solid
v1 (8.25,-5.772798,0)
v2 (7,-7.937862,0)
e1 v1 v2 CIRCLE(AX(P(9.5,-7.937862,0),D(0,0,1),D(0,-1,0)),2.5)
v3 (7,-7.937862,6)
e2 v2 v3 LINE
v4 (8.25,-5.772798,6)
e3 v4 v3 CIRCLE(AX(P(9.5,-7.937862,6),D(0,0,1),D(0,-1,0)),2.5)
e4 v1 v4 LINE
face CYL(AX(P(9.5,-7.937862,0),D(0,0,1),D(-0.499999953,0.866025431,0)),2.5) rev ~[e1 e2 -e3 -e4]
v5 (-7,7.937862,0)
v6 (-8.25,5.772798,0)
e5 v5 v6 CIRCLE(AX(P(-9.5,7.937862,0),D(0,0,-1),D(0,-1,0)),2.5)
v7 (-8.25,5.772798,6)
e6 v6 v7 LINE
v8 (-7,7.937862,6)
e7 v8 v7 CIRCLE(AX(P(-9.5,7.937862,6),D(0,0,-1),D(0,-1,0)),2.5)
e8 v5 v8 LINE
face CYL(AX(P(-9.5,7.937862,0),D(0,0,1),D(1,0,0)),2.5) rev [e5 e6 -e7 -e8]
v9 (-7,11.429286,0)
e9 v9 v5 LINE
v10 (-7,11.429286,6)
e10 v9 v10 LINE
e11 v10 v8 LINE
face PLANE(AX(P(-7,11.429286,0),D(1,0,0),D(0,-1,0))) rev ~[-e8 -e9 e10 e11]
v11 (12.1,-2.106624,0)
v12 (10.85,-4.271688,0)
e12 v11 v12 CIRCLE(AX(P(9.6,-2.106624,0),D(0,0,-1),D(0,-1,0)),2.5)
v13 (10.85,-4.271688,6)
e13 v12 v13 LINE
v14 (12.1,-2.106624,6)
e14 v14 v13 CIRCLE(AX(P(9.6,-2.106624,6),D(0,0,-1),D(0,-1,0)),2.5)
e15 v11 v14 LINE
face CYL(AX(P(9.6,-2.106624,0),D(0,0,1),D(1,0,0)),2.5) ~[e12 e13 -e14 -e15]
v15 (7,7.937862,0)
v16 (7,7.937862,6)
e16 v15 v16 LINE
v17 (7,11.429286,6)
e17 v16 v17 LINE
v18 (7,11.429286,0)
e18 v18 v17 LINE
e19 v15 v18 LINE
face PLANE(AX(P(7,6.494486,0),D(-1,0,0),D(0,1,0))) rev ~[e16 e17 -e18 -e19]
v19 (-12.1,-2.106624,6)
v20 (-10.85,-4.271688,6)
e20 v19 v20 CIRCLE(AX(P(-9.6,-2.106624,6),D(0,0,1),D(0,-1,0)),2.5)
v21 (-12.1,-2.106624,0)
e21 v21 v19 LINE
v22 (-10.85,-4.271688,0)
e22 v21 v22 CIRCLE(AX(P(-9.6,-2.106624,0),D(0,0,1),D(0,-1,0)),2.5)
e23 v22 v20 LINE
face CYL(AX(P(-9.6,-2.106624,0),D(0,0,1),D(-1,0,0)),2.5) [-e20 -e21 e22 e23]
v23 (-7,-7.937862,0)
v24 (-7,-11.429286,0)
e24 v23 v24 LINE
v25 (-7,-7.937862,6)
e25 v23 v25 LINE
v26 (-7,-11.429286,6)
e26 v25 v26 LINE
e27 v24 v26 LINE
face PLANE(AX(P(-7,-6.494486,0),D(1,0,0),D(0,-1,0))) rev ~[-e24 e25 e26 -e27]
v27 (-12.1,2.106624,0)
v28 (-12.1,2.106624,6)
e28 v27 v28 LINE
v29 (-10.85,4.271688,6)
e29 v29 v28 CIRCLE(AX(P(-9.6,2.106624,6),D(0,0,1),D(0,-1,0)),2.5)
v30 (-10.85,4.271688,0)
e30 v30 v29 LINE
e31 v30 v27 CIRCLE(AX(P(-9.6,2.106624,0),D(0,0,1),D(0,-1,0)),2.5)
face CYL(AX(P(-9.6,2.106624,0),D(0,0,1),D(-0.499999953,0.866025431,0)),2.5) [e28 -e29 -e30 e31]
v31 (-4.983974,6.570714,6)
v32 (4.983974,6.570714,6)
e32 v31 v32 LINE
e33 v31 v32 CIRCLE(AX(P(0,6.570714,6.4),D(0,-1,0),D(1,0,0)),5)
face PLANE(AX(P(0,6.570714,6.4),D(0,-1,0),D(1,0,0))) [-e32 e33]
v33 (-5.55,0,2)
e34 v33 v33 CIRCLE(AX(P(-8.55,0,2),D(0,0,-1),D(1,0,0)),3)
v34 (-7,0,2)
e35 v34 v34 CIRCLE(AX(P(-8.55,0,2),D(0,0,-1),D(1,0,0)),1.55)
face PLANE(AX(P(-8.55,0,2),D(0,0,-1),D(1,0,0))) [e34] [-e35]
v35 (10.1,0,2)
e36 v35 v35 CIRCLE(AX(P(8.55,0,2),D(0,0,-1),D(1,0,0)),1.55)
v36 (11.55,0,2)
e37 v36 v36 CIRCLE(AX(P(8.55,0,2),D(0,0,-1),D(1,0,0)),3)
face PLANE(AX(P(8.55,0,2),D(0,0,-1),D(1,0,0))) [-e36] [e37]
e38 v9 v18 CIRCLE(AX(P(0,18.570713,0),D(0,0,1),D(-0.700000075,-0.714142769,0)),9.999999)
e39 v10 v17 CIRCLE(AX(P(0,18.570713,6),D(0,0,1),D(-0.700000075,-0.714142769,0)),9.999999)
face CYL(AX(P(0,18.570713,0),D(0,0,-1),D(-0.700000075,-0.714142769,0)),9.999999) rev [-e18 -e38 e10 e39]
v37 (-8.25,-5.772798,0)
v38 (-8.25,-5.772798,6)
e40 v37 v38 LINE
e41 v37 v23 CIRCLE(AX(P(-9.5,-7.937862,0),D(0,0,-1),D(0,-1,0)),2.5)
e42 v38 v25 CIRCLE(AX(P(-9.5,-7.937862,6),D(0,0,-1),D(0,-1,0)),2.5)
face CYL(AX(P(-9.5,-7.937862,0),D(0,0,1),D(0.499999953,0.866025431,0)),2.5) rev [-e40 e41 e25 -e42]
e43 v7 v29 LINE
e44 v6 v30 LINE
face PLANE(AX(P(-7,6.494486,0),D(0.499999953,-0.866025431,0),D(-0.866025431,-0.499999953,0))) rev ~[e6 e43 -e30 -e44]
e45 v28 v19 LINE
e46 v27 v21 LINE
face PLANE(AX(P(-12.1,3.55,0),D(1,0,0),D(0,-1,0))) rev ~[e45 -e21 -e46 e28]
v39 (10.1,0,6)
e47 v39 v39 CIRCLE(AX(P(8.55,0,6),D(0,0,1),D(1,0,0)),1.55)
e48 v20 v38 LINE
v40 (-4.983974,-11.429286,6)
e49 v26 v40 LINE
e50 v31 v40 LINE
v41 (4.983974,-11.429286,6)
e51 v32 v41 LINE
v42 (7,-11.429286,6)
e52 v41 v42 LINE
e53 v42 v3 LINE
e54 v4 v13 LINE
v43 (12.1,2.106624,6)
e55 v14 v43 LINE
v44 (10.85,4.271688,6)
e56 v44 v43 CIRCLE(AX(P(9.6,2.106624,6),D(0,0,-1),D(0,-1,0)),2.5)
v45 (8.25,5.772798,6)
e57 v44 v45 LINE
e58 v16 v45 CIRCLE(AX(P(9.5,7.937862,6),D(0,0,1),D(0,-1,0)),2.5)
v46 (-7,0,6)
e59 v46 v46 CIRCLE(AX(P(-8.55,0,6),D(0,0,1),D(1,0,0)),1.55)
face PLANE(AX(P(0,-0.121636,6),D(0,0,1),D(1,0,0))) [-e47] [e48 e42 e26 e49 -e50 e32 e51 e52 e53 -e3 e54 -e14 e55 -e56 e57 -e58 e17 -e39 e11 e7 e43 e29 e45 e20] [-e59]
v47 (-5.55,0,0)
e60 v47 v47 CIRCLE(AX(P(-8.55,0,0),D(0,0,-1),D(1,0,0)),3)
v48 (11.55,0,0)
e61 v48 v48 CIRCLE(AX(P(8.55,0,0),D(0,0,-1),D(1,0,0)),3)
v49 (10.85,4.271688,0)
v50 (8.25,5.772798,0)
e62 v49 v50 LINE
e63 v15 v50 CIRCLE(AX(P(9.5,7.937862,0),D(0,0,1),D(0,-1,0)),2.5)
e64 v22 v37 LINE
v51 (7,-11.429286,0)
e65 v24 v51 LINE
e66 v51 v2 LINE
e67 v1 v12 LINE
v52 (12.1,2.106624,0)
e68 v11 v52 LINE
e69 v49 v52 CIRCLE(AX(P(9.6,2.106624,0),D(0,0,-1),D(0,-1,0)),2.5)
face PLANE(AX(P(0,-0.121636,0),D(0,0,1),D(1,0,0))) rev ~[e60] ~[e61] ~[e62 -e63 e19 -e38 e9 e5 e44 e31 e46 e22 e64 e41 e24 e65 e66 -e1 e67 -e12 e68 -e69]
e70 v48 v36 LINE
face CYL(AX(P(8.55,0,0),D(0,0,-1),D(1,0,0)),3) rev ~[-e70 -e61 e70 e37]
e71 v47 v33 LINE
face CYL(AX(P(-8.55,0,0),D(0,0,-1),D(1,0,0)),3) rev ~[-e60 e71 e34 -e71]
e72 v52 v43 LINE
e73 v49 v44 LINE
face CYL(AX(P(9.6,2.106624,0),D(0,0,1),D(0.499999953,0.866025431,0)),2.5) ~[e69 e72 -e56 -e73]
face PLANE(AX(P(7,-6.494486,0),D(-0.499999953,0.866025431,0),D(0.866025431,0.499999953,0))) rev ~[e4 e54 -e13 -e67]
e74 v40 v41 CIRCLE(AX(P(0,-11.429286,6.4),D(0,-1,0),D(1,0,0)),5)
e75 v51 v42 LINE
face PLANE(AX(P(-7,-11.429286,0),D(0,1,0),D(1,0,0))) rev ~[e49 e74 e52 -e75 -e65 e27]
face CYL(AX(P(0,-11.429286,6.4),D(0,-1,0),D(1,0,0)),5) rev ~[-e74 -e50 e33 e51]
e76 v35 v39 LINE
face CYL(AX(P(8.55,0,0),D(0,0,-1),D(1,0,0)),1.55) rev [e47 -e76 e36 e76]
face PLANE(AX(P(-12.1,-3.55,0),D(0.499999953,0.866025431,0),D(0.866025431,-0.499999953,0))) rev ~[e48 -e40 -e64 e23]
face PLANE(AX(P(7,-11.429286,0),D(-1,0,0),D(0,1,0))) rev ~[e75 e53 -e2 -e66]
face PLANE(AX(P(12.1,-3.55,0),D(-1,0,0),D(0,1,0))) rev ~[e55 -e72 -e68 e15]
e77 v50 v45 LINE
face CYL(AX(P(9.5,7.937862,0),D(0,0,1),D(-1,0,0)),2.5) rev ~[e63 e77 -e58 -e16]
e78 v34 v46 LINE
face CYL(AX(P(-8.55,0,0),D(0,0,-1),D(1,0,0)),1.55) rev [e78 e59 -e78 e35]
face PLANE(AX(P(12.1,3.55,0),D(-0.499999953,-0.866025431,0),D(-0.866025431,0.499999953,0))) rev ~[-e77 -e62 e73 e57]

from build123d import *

# Parameters (mm, degrees)
SKETCH_R        = 1.55
EXTRUDE_DEPTH   = 6
SKETCH001_R     = 5
POCKET_DEPTH    = 18
FILLET_R        = 2.5
SKETCH002_R     = 3
POCKET001_DEPTH = 2


with BuildPart() as part:
    # Sketch → Extrude (new body)
    with BuildSketch(Plane.XY):
        with BuildLine():
            Line((-7, 11.429286), (-7, 6.494486))
            Line((-7, 6.494486), (-12.1, 3.55))
            Line((-12.1, 3.55), (-12.1, -3.55))
            Line((-12.1, -3.55), (-7, -6.494486))
            Line((-7, -6.494486), (-7, -11.429286))
            Line((-7, -11.429286), (7, -11.429286))
            Line((7, -11.429286), (7, -6.494486))
            Line((7, -6.494486), (12.1, -3.55))
            Line((12.1, -3.55), (12.1, 3.55))
            Line((12.1, 3.55), (7, 6.494486))
            Line((7, 6.494486), (7, 11.429286))
            ThreePointArc((-7, 11.429286), (0, 8.570714), (7, 11.429286))
        make_face()
        with Locations((-8.55, 0)):
            Circle(SKETCH_R, mode=Mode.SUBTRACT)
        with Locations((8.55, 0)):
            Circle(SKETCH_R, mode=Mode.SUBTRACT)
    extrude(amount=EXTRUDE_DEPTH)

    # Sketch001 → Pocket (cut)
    with BuildSketch(Plane.XZ.offset(11.429286)):
        with Locations((0, 6.4)):
            Circle(SKETCH001_R)
    extrude(amount=-POCKET_DEPTH, mode=Mode.SUBTRACT)

    # Fillet
    fillet_edges = [part.edges().sort_by_distance(p)[0] for p in [
        (-7, 6.494486, 3),
        (-12.1, 3.55, 3),
        (7, 6.494486, 3),
        (-12.1, -3.55, 3),
        (-7, -6.494486, 3),
        (7, -6.494486, 3),
        (12.1, -3.55, 3),
        (12.1, 3.55, 3),
    ]]
    fillet(fillet_edges, radius=FILLET_R)

    # Sketch002 → Pocket001 (cut)
    with BuildSketch(Plane(origin=(0, 0, 0), x_dir=(1, 0, 0), z_dir=(0, 0, -1))):
        with Locations((-8.55, 0)):
            Circle(SKETCH002_R)
        with Locations((8.55, 0)):
            Circle(SKETCH002_R)
    extrude(amount=-POCKET001_DEPTH, mode=Mode.SUBTRACT)


solid = part.part
